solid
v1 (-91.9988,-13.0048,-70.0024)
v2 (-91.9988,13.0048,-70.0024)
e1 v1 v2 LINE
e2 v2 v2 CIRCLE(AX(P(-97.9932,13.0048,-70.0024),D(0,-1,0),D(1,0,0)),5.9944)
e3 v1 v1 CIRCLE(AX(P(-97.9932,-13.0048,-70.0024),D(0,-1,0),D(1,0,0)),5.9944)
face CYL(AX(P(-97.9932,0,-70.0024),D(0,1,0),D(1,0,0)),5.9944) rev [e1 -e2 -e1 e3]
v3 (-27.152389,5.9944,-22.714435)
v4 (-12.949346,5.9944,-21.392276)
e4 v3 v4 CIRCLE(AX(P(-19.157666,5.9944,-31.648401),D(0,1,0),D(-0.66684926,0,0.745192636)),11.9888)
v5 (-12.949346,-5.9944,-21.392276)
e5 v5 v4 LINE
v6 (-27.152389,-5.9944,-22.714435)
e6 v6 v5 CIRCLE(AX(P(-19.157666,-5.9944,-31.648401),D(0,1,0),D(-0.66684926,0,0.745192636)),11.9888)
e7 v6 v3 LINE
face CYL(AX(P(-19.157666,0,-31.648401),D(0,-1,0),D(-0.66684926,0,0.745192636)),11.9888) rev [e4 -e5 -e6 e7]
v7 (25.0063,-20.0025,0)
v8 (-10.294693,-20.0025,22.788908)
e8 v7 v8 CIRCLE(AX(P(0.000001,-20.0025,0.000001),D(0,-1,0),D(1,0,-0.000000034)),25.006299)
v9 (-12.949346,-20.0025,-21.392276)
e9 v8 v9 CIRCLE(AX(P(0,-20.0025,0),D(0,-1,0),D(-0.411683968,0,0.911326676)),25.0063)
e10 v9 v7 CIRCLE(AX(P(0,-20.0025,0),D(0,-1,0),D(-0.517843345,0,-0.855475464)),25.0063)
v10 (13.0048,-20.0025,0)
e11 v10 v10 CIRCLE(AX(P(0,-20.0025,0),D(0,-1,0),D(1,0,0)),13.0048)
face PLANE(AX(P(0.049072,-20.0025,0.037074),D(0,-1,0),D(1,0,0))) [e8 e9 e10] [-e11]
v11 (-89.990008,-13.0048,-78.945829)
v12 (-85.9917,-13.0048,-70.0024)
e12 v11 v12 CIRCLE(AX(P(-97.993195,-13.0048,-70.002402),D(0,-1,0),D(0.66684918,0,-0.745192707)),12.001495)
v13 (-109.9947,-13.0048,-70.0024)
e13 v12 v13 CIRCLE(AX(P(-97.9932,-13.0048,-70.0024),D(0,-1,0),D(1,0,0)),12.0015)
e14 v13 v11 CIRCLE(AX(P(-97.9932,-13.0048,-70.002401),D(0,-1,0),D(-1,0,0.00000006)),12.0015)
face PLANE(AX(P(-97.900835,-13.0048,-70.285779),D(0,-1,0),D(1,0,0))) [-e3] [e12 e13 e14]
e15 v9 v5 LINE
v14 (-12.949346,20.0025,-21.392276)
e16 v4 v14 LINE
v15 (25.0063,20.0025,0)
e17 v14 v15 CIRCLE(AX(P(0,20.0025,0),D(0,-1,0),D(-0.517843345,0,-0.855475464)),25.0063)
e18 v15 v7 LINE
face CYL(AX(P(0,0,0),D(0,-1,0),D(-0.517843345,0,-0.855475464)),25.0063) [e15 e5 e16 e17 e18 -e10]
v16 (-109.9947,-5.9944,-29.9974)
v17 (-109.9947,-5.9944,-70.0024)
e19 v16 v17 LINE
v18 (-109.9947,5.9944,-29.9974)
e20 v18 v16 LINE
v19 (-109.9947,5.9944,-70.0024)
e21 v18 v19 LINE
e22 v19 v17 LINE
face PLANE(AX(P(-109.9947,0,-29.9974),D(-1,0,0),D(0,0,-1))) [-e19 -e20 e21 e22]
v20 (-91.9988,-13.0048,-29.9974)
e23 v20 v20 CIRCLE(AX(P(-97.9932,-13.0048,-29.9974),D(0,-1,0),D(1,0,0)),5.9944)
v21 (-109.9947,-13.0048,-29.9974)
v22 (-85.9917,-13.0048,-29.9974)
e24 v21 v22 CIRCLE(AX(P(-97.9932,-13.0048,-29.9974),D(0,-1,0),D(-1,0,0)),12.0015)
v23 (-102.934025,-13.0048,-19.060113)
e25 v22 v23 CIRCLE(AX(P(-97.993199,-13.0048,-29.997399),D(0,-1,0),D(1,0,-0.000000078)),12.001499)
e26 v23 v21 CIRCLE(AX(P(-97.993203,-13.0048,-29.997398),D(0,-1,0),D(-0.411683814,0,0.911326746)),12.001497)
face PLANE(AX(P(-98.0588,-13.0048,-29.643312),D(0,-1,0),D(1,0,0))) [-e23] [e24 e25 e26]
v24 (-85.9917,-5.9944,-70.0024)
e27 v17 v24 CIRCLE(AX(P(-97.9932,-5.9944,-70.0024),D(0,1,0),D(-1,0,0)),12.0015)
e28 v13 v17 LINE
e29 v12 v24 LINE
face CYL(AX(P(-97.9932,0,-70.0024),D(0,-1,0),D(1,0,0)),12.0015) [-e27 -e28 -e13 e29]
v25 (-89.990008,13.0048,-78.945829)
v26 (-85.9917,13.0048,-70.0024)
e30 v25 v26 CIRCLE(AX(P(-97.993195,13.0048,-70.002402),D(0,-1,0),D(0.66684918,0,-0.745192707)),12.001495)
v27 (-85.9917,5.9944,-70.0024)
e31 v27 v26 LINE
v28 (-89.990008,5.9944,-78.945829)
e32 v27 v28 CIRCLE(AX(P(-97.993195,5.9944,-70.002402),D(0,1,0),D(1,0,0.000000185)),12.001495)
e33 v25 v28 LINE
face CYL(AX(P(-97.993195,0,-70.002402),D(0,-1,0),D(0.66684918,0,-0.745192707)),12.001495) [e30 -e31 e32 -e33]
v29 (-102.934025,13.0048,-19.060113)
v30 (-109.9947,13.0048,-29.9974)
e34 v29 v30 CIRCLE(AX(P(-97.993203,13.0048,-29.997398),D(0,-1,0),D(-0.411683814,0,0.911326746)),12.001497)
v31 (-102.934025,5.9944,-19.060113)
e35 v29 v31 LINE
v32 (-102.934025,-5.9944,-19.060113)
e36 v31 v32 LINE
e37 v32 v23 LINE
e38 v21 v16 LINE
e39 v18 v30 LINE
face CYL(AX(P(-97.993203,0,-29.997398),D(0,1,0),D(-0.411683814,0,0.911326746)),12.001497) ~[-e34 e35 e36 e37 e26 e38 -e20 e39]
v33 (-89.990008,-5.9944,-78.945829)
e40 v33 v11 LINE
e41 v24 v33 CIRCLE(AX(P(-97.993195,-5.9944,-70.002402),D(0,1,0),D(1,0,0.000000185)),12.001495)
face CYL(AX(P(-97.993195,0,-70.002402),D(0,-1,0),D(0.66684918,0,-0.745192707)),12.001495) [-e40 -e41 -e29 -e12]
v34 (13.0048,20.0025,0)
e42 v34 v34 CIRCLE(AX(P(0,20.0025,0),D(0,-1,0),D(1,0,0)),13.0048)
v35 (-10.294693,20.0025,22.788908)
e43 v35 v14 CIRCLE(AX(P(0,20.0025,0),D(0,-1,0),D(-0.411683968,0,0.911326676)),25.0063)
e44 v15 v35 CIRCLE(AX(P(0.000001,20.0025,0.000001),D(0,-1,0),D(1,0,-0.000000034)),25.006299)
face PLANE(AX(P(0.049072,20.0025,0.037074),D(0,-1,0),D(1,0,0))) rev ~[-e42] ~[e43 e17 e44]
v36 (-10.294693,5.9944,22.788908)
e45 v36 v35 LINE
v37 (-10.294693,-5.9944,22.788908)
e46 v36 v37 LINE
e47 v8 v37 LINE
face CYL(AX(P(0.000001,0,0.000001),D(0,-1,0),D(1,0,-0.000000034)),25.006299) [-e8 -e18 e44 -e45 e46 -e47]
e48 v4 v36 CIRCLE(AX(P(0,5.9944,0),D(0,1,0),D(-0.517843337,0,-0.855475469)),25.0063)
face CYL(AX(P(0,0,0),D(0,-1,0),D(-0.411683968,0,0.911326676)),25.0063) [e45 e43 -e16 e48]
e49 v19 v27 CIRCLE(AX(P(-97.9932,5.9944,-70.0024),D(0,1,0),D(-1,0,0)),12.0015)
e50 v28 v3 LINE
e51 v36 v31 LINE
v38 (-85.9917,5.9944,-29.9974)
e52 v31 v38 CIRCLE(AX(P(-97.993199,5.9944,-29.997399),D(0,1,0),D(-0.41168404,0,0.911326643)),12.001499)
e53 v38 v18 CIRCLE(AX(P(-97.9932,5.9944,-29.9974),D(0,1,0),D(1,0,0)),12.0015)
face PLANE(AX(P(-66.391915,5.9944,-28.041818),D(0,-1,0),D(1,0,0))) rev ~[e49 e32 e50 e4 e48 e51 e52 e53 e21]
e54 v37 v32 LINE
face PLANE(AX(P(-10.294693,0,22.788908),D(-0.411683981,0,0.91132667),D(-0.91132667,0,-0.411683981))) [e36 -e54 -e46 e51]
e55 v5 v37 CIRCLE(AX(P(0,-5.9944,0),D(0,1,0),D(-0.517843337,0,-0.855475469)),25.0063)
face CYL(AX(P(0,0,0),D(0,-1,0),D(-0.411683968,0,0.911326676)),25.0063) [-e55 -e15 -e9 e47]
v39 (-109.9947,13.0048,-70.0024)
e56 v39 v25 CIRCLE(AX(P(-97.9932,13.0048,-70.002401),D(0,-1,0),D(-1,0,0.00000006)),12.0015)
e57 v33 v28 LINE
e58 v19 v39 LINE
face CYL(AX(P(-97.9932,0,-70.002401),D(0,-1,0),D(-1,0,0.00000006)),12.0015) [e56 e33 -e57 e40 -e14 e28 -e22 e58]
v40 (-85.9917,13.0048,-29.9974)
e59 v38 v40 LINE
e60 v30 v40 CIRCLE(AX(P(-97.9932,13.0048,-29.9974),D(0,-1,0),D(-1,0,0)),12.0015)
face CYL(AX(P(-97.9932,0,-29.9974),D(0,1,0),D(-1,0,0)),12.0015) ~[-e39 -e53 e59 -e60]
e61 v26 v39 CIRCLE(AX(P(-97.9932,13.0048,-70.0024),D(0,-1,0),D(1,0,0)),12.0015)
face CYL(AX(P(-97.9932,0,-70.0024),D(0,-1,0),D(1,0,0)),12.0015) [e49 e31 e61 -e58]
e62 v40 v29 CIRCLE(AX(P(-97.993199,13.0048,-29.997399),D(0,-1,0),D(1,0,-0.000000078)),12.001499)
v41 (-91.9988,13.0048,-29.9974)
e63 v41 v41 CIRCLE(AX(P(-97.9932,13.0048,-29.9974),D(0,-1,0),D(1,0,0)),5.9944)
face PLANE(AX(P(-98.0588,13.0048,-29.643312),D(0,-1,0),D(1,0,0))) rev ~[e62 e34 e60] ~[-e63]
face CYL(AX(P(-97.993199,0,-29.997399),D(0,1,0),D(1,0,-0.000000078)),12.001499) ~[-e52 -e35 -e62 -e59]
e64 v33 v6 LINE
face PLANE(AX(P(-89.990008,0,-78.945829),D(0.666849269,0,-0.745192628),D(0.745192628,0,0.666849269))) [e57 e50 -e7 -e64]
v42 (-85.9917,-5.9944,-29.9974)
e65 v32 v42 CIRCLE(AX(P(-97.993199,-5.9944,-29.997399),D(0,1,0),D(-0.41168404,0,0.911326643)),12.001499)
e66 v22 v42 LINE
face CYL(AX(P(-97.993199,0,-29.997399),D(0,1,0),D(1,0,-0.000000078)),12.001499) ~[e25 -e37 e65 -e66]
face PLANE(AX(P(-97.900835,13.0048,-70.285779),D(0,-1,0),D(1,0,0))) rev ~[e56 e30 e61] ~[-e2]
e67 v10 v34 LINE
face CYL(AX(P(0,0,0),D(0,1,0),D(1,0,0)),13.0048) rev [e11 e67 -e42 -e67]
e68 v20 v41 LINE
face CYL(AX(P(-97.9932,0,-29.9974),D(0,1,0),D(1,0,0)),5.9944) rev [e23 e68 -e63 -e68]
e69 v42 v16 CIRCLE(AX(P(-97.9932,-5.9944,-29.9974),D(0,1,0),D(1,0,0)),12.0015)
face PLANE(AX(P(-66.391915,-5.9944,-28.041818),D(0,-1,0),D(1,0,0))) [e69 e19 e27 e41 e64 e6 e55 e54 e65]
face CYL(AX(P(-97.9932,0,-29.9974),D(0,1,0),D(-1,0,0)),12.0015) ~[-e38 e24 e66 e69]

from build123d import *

# Parameters (mm, degrees)
F0_R     = 13.0048
F1_DEPTH = 20.0025
F2_DEPTH = 5.9944
F0_R_2   = 5.9944
F3_DEPTH = 13.0048


with BuildPart() as f1:
    # F0 (on Front) → F1 (new body, symmetric)
    with BuildSketch(Plane.XZ):
        with BuildLine():
            ThreePointArc((-12.949346, -21.392276), (12.278025, -21.784516), (25.0063, 0))
            ThreePointArc((25.0063, 0), (13.562501, 21.008894), (-10.294693, 22.788908))
            ThreePointArc((-10.294693, 22.788908), (-24.961282, 1.499814), (-12.949346, -21.392276))
        make_face()
        Circle(F0_R, mode=Mode.SUBTRACT)
    extrude(amount=F1_DEPTH, both=True)

    # F0 (on Front) → F2 (join, symmetric)
    with BuildSketch(Plane.XZ):
        with BuildLine():
            ThreePointArc((-12.949346, -21.392276), (-24.961282, 1.499814), (-10.294693, 22.788908))
            Line((-10.294693, 22.788908), (-102.934025, -19.060113))
            ThreePointArc((-102.934025, -19.060113), (-91.484026, -19.914411), (-85.9917, -29.9974))
            ThreePointArc((-85.9917, -29.9974), (-97.9932, -41.9989), (-109.9947, -29.9974))
            Line((-109.9947, -29.9974), (-109.9947, -70.0024))
            ThreePointArc((-109.9947, -70.0024), (-97.9932, -58.0009), (-85.9917, -70.0024))
            ThreePointArc((-85.9917, -70.0024), (-87.036779, -74.90065), (-89.990008, -78.945829))
            Line((-89.990008, -78.945829), (-27.152389, -22.714435))
            ThreePointArc((-27.152389, -22.714435), (-20.268898, -19.711211), (-12.949346, -21.392276))
        make_face()
    extrude(amount=F2_DEPTH, both=True)

    # F0 (on Front) → F3 (join, symmetric)
    with BuildSketch(Plane.XZ):
        with BuildLine():
            ThreePointArc((-85.9917, -29.9974), (-91.484026, -19.914411), (-102.934025, -19.060113))
            ThreePointArc((-102.934025, -19.060113), (-108.076189, -23.488226), (-109.9947, -29.9974))
            ThreePointArc((-109.9947, -29.9974), (-97.9932, -41.9989), (-85.9917, -29.9974))
        make_face()
        with Locations((-97.9932, -29.9974)):
            Circle(F0_R_2, mode=Mode.SUBTRACT)
        with BuildLine():
            ThreePointArc((-109.9947, -70.0024), (-102.89145, -80.958821), (-89.990008, -78.945829))
            ThreePointArc((-89.990008, -78.945829), (-87.036779, -74.90065), (-85.9917, -70.0024))
            ThreePointArc((-85.9917, -70.0024), (-97.9932, -58.0009), (-109.9947, -70.0024))
        make_face()
        with Locations((-97.9932, -70.0024)):
            Circle(F0_R_2, mode=Mode.SUBTRACT)
    extrude(amount=F3_DEPTH, both=True)


solid = f1.part
